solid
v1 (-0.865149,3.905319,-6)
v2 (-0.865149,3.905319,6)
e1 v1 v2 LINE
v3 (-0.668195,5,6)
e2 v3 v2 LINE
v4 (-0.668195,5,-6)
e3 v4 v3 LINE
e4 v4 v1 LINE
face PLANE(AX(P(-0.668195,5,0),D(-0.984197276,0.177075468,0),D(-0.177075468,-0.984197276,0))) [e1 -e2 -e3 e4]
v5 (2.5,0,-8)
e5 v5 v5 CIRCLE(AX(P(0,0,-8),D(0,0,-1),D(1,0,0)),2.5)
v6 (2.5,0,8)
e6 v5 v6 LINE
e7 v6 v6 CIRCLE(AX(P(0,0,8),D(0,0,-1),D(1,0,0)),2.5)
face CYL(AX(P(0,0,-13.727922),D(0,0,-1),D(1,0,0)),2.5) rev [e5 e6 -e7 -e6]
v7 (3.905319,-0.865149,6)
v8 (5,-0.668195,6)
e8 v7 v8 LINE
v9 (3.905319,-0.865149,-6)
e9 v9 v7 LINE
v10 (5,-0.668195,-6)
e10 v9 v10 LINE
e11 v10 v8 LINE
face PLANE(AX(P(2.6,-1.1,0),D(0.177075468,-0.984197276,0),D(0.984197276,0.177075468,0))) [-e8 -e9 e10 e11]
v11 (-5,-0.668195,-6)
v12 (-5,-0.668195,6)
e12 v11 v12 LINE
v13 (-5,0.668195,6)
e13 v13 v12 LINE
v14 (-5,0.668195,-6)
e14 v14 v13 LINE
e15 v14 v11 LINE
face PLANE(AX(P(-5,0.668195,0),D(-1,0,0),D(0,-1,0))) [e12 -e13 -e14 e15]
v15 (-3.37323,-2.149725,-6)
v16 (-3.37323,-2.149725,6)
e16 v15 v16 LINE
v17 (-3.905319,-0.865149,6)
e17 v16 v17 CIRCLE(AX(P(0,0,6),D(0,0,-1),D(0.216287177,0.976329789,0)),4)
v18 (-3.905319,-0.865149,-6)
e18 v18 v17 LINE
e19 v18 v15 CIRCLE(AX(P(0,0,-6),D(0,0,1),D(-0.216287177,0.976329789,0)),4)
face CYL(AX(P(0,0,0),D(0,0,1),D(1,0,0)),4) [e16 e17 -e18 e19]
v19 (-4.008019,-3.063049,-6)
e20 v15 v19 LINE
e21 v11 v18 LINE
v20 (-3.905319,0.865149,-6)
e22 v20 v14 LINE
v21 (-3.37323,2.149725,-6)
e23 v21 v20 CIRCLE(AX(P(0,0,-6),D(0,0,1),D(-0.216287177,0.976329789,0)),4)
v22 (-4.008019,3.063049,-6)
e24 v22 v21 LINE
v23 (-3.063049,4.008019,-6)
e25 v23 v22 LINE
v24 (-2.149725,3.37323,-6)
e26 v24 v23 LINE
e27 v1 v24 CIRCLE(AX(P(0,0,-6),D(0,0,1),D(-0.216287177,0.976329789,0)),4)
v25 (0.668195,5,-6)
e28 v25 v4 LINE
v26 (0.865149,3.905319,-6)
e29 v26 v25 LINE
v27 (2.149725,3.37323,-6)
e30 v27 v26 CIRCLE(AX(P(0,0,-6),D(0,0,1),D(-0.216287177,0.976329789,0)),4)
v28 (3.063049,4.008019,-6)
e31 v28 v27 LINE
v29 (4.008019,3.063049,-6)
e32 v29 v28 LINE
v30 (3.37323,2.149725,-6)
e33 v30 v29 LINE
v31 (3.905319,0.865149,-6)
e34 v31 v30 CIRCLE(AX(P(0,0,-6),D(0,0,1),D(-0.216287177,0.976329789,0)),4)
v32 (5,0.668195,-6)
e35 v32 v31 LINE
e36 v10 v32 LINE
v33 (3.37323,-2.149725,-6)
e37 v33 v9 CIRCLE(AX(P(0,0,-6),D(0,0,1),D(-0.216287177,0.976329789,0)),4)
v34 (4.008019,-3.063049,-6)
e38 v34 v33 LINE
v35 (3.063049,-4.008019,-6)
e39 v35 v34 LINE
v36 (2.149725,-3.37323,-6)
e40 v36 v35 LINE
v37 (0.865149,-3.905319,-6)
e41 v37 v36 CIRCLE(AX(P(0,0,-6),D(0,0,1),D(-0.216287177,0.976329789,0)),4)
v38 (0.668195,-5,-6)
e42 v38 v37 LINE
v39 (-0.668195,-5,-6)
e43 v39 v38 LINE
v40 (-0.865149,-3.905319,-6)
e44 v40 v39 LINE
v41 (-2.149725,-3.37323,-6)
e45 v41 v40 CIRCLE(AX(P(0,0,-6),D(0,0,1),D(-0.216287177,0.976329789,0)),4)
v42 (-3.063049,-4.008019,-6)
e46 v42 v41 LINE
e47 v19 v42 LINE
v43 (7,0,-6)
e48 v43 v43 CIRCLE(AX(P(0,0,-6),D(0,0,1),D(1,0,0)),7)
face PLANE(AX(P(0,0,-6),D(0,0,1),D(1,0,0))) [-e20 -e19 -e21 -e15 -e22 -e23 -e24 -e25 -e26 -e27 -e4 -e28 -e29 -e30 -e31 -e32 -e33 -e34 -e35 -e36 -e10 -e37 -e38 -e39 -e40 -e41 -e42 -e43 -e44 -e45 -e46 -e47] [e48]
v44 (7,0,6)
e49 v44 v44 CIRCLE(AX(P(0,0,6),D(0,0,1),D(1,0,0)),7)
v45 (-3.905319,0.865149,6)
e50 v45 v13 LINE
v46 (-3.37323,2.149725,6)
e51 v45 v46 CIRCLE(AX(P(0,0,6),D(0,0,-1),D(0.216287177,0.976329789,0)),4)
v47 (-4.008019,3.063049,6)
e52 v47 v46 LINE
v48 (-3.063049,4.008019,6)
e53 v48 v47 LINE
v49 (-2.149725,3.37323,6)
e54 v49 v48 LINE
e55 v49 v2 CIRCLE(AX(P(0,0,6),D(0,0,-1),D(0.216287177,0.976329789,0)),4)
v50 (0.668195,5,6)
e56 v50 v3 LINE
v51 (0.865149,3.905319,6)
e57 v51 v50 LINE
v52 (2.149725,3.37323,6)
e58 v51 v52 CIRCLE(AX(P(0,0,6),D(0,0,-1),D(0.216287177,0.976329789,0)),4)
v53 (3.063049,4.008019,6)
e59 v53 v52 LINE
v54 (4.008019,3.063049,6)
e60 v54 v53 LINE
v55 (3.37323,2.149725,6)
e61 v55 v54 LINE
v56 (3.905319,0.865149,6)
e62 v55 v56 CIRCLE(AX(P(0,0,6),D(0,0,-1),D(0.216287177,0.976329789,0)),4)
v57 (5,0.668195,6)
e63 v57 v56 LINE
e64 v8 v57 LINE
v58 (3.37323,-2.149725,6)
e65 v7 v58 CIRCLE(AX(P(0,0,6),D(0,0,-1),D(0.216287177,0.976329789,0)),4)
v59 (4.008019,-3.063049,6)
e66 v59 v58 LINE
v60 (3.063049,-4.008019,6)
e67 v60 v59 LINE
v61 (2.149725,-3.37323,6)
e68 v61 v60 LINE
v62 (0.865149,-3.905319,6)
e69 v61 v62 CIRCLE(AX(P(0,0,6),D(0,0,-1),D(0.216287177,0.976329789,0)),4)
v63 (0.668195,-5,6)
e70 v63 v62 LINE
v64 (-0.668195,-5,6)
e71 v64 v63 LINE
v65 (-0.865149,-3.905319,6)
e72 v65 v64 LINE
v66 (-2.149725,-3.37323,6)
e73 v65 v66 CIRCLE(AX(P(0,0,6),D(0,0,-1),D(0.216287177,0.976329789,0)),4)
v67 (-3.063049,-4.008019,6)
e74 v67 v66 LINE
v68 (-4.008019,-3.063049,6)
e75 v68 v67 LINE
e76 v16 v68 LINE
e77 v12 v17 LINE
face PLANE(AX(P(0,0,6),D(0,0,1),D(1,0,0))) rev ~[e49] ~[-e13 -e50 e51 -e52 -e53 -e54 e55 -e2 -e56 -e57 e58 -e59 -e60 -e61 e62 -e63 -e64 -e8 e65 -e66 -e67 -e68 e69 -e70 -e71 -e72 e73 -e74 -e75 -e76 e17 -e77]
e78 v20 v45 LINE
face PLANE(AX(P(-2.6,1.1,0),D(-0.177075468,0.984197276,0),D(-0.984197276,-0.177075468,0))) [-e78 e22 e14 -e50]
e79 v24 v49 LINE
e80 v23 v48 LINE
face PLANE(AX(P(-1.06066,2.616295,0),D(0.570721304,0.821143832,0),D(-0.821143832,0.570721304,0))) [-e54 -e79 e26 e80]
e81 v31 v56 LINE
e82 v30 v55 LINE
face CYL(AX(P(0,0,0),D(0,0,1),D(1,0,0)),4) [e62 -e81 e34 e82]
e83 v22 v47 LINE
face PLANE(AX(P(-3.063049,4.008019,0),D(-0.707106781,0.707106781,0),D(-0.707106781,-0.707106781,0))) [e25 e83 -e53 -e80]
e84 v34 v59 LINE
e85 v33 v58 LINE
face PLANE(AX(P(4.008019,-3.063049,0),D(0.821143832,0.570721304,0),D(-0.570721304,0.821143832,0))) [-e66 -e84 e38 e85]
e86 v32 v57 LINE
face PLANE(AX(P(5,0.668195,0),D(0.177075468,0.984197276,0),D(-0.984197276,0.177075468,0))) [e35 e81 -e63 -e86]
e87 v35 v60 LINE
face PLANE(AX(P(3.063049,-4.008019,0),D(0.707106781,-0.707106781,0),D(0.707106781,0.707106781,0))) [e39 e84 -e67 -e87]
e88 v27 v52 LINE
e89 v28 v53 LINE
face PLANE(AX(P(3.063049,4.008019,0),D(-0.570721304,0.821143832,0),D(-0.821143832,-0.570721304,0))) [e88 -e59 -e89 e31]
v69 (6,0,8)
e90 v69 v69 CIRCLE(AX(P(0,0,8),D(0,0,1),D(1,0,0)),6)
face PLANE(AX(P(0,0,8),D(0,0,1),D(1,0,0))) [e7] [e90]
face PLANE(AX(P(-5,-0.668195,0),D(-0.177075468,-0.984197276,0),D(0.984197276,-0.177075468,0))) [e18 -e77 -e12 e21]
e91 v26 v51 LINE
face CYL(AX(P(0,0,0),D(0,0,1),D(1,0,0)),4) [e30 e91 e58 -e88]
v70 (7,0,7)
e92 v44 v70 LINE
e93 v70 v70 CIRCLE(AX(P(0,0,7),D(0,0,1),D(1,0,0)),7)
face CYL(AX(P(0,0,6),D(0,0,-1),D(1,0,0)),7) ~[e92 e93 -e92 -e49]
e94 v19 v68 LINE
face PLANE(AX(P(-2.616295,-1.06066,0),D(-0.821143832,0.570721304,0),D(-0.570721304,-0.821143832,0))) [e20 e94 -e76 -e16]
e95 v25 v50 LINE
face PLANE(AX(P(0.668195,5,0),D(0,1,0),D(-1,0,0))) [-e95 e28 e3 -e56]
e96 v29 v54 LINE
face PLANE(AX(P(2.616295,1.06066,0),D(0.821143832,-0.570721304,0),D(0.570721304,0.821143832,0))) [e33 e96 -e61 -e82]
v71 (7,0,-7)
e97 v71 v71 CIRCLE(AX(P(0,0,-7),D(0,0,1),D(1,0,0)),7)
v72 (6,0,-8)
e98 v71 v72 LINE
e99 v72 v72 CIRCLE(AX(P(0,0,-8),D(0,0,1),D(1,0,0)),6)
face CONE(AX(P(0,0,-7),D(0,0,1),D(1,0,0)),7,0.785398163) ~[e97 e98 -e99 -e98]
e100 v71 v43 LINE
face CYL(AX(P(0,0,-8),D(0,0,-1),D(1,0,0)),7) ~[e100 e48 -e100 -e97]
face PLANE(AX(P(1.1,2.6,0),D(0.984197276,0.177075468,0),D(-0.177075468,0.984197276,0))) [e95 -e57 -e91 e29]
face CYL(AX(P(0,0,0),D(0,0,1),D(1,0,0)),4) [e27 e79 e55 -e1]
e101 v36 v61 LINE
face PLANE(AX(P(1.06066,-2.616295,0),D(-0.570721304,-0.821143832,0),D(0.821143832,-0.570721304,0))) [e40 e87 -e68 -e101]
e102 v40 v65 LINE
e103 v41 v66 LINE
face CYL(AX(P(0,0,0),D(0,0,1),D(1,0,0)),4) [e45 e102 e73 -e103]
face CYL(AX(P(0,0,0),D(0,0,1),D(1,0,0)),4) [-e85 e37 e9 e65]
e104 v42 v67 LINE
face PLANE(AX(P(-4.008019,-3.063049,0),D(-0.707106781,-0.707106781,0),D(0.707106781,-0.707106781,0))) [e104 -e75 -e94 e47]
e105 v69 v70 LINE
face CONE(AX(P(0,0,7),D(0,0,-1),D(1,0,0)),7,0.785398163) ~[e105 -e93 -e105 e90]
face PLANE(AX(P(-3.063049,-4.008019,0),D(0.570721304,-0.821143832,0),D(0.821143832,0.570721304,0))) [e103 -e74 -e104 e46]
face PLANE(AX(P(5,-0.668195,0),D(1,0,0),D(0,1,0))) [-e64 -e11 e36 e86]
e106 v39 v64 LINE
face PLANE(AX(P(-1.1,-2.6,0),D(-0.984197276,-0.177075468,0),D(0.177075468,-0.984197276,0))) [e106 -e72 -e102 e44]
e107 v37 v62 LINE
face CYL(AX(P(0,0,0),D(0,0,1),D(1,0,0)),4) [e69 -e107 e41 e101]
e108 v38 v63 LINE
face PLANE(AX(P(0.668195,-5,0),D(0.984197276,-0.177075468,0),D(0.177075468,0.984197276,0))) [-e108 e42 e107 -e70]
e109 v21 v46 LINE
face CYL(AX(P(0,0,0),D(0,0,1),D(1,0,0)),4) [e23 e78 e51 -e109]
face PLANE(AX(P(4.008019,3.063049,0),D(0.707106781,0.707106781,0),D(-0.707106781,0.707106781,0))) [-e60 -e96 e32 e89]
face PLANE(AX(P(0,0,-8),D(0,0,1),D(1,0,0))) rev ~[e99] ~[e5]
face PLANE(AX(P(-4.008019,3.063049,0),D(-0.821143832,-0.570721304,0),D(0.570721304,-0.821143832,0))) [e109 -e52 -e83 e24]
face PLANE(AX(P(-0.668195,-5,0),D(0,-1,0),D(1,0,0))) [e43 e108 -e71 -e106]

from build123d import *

# Parameters (mm, degrees)
SKETCH1_R               = 4
BOSS_EXTRUDE1_DEPTH     = 6
SKETCH2_R               = 7
BOSS_EXTRUDE2_DEPTH     = 2
LPATTERN1_COUNT         = 2
LPATTERN1_PITCH         = 14
CUT_EXTRUDE1_DEPTH      = 13.727922061
CUT_EXTRUDE1_DEPTH_BACK = 13.727922061
SKETCH3_R               = 2.5
CHAMFER1_SIZE           = 1
BOSS_EXTRUDE3_DEPTH     = 6
CIRPATTERN1_COUNT       = 8


with BuildPart() as part:
    # Sketch1 → Boss-Extrude1 (new, symmetric)
    with BuildSketch(Plane.XY):
        Circle(SKETCH1_R)
    extrude(amount=BOSS_EXTRUDE1_DEPTH, both=True)

    # Sketch2 → Boss-Extrude2 (add)
    with BuildSketch(Plane.XY.offset(6)):
        Circle(SKETCH2_R)
    boss_extrude2 = extrude(amount=BOSS_EXTRUDE2_DEPTH)

    # LPattern1: Boss-Extrude2 ×2
    with Locations(*[(0, 0, -i * LPATTERN1_PITCH) for i in range(1, LPATTERN1_COUNT)]):
        add(boss_extrude2)

    # Sketch3 → Cut-Extrude1 (cut, two sides: drawn at the far end of the back side and taken through both)
    with BuildSketch(Plane.XY.offset(-CUT_EXTRUDE1_DEPTH_BACK)):
        Circle(SKETCH3_R)
    extrude(amount=CUT_EXTRUDE1_DEPTH + CUT_EXTRUDE1_DEPTH_BACK, mode=Mode.SUBTRACT)

    # Chamfer1
    chamfer1_edges = [part.edges().sort_by_distance(p)[0] for p in [
        (-7, 0, 8),
        (-7, 0, -8),
    ]]
    chamfer(chamfer1_edges, length=CHAMFER1_SIZE)

    # Sketch6 → Boss-Extrude3 (add, symmetric)
    with BuildSketch(Plane.XY):
        Polygon((1.1, 2.6), (0.668195185, 5), (-0.668195185, 5), (-1.1, 2.6), align=None)
    boss_extrude3 = extrude(amount=BOSS_EXTRUDE3_DEPTH, both=True)

    # CirPattern1: Boss-Extrude3 ×8 about axis
    cirpattern1_axis = Axis((0, 0, 0), (0, 0, 1))
    for i in range(1, CIRPATTERN1_COUNT):
        add(boss_extrude3.rotate(cirpattern1_axis, i * 360 / CIRPATTERN1_COUNT))


solid = part.part
